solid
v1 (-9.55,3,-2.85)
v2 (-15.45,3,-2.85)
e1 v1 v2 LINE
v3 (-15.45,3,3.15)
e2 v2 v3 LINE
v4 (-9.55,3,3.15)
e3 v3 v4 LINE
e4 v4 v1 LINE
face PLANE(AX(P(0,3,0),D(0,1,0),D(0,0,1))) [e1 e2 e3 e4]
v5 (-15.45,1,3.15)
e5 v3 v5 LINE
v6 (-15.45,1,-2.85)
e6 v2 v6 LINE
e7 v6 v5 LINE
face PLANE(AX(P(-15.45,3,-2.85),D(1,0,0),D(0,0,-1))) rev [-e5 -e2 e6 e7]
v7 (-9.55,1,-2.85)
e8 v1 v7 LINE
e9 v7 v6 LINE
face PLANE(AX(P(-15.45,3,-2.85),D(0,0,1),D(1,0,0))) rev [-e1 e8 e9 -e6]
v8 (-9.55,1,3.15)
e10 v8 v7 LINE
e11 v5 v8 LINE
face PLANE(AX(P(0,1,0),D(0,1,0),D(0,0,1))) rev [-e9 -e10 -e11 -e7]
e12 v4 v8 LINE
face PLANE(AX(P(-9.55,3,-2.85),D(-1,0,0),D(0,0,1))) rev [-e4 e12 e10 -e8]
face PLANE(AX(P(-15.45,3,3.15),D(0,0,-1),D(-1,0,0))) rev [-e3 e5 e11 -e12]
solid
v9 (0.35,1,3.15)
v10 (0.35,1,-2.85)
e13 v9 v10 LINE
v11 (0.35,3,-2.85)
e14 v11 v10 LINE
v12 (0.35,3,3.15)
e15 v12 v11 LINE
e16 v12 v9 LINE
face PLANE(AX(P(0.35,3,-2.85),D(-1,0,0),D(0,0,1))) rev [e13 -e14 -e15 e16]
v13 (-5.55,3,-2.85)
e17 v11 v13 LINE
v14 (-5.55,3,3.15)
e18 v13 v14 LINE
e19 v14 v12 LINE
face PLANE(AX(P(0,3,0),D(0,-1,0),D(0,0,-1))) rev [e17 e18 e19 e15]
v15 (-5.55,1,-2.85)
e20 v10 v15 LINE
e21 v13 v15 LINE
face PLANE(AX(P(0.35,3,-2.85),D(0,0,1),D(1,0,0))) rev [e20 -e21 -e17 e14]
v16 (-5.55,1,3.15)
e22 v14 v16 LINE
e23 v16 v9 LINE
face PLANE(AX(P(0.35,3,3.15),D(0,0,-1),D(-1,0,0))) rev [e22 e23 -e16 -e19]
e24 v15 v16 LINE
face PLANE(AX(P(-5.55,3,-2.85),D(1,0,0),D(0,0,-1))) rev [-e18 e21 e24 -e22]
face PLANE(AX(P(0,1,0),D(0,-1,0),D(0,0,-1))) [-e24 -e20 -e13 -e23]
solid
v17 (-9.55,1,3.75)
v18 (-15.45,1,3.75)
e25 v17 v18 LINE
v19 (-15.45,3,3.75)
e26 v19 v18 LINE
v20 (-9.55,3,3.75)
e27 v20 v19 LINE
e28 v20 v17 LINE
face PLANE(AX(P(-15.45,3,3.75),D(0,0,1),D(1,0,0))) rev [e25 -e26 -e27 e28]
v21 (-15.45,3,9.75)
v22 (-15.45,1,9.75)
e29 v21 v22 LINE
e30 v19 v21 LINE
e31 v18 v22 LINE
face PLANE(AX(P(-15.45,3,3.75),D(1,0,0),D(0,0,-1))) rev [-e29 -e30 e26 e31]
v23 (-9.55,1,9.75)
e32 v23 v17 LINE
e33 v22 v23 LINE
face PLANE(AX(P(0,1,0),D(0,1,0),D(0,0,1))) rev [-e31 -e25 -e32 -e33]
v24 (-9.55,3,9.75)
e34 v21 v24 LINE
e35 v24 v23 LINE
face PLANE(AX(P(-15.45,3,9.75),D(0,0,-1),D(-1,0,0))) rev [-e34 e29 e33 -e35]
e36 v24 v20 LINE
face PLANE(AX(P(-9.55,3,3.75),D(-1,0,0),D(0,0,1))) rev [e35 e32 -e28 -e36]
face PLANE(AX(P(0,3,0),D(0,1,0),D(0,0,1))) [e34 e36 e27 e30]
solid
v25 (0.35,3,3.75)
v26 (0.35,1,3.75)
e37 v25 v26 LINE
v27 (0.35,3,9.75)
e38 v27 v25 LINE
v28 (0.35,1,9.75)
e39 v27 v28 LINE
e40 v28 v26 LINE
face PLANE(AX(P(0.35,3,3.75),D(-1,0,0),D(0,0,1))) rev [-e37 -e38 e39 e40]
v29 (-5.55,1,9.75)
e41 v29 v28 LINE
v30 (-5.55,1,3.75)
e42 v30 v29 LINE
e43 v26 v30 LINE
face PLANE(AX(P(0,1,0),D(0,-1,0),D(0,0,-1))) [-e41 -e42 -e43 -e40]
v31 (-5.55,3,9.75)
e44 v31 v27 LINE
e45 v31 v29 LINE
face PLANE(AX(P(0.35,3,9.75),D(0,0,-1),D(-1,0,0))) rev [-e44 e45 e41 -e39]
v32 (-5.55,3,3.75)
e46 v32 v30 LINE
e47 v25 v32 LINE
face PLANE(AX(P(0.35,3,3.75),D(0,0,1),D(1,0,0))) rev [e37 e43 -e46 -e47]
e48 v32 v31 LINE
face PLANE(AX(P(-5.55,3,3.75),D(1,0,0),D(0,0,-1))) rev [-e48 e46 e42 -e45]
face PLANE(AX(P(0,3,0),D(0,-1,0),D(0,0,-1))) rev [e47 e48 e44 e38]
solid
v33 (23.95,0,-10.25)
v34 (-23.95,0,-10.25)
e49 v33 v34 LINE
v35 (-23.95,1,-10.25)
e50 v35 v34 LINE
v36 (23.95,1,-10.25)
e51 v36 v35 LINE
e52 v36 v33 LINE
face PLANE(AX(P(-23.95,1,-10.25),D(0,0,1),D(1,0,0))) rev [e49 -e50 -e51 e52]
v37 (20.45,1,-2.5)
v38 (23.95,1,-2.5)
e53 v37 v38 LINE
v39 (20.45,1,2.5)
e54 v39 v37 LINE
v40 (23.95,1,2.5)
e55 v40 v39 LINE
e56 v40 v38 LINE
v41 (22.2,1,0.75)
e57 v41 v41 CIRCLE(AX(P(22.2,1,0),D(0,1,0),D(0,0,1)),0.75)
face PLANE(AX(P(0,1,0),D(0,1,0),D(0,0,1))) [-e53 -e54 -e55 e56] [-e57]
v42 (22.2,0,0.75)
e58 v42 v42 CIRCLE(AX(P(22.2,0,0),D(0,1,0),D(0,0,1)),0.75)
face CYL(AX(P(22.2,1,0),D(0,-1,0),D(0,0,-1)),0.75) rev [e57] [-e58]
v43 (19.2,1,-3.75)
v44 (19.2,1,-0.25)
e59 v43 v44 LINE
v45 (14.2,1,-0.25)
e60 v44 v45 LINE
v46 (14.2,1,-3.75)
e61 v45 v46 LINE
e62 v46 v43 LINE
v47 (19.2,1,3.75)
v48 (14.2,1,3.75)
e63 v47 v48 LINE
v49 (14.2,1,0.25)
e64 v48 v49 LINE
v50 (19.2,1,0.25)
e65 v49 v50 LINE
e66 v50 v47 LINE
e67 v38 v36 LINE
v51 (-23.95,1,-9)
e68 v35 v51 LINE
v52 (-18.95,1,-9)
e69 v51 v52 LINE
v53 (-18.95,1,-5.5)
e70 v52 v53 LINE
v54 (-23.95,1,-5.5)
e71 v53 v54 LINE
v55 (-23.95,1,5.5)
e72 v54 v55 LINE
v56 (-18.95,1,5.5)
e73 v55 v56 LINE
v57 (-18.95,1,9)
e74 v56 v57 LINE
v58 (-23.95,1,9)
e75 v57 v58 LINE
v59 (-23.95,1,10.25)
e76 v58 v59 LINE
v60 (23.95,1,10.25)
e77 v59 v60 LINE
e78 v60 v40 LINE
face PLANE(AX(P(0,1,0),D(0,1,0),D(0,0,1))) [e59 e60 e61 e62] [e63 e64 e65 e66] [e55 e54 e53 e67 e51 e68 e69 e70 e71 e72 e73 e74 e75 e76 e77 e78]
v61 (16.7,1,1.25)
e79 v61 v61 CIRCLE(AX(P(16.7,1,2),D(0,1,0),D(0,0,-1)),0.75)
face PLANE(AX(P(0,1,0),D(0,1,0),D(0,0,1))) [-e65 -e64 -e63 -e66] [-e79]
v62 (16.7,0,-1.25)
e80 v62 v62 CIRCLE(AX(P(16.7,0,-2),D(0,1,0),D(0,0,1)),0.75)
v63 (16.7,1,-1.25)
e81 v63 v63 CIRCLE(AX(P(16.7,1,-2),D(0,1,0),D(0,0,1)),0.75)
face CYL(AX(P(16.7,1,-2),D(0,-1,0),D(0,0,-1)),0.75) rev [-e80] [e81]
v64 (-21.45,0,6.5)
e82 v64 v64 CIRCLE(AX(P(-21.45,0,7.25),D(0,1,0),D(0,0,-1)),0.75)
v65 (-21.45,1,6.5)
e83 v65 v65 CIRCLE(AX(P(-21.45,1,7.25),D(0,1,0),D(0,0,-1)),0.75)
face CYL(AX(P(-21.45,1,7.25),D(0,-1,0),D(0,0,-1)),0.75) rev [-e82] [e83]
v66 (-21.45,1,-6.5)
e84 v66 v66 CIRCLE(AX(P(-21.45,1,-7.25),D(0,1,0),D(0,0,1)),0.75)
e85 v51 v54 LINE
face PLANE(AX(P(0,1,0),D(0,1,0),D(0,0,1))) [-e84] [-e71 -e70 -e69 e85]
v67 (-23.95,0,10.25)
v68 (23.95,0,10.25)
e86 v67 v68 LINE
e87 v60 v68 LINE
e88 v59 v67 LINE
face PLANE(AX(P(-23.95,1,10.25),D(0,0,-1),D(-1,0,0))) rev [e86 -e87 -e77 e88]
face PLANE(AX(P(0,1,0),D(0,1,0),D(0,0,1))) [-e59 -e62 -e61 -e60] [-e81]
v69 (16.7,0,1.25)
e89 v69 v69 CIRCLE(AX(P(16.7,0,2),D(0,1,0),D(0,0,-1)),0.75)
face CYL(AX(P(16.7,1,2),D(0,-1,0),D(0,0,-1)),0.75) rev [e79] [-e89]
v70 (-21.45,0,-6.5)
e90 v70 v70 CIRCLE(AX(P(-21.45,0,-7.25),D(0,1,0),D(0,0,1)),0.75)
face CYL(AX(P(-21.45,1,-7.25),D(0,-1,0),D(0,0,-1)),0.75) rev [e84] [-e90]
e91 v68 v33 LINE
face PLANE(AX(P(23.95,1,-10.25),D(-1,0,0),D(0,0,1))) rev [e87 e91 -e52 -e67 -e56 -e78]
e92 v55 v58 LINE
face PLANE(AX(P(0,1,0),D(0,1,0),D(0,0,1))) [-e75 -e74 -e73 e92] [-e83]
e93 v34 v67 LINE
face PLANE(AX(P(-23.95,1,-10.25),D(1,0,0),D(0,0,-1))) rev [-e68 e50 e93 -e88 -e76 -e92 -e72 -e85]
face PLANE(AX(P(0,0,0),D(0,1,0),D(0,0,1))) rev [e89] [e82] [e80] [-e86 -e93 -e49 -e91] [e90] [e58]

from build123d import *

# Parameters (mm, degrees)
CROQUIS1_W                = 47.9
CROQUIS1_H                = 20.5
CROQUIS1_R                = 0.75
SALIENTE_EXTRUIR1_DEPTH   = 1
CROQUIS2_W                = 5.9
CROQUIS2_H                = 6
SALIENTE_EXTRUIR2_DEPTH   = 2
SALIENTE_EXTRUIR2_2_DEPTH = 2
SALIENTE_EXTRUIR2_3_DEPTH = 2
SALIENTE_EXTRUIR2_4_DEPTH = 2


with BuildPart() as part:
    # Croquis1 → Saliente-Extruir1 (new body)
    with BuildSketch(Plane(origin=(0, 0, 0), x_dir=(1, 0, 0), z_dir=(0, 1, 0))):
        Rectangle(CROQUIS1_W, CROQUIS1_H)
        with Locations(Location((22.2, 0, 0), (0, 0, 270))):
            Circle(CROQUIS1_R, mode=Mode.SUBTRACT)
        with Locations(Location((16.7, 2, 0), (0, 0, 270))):
            Circle(CROQUIS1_R, mode=Mode.SUBTRACT)
        with Locations(Location((-21.45, 7.25, 0), (0, 0, 270))):
            Circle(CROQUIS1_R, mode=Mode.SUBTRACT)
        with Locations(Location((16.7, -2, 0), (0, 0, 90))):
            Circle(CROQUIS1_R, mode=Mode.SUBTRACT)
        with Locations(Location((-21.45, -7.25, 0), (0, 0, 90))):
            Circle(CROQUIS1_R, mode=Mode.SUBTRACT)
    extrude(amount=SALIENTE_EXTRUIR1_DEPTH)


with BuildPart() as body_2:
    # Croquis2 → Saliente-Extruir2 (new body)
    with BuildSketch(Plane(origin=(0, 1, 0), x_dir=(1, 0, 0), z_dir=(0, 1, 0))):
        with Locations((-12.5, -0.15)):
            Rectangle(CROQUIS2_W, CROQUIS2_H)
    extrude(amount=SALIENTE_EXTRUIR2_DEPTH)


with BuildPart() as body_3:
    # Croquis2 → Saliente-Extruir2 2 (new body)
    with BuildSketch(Plane(origin=(0, 1, 0), x_dir=(1, 0, 0), z_dir=(0, 1, 0))):
        with Locations((-12.5, -6.75)):
            Rectangle(CROQUIS2_W, CROQUIS2_H)
    extrude(amount=SALIENTE_EXTRUIR2_2_DEPTH)


with BuildPart() as body_4:
    # Croquis2 → Saliente-Extruir2 3 (new body)
    with BuildSketch(Plane(origin=(0, 1, 0), x_dir=(1, 0, 0), z_dir=(0, 1, 0))):
        with Locations((-2.6, -6.75)):
            Rectangle(CROQUIS2_W, CROQUIS2_H)
    extrude(amount=SALIENTE_EXTRUIR2_3_DEPTH)


with BuildPart() as body_5:
    # Croquis2 → Saliente-Extruir2 4 (new body)
    with BuildSketch(Plane(origin=(0, 1, 0), x_dir=(1, 0, 0), z_dir=(0, 1, 0))):
        with Locations((-2.6, -0.15)):
            Rectangle(CROQUIS2_W, CROQUIS2_H)
    extrude(amount=SALIENTE_EXTRUIR2_4_DEPTH)


solid = Compound([part.part, body_2.part, body_3.part, body_4.part, body_5.part])
